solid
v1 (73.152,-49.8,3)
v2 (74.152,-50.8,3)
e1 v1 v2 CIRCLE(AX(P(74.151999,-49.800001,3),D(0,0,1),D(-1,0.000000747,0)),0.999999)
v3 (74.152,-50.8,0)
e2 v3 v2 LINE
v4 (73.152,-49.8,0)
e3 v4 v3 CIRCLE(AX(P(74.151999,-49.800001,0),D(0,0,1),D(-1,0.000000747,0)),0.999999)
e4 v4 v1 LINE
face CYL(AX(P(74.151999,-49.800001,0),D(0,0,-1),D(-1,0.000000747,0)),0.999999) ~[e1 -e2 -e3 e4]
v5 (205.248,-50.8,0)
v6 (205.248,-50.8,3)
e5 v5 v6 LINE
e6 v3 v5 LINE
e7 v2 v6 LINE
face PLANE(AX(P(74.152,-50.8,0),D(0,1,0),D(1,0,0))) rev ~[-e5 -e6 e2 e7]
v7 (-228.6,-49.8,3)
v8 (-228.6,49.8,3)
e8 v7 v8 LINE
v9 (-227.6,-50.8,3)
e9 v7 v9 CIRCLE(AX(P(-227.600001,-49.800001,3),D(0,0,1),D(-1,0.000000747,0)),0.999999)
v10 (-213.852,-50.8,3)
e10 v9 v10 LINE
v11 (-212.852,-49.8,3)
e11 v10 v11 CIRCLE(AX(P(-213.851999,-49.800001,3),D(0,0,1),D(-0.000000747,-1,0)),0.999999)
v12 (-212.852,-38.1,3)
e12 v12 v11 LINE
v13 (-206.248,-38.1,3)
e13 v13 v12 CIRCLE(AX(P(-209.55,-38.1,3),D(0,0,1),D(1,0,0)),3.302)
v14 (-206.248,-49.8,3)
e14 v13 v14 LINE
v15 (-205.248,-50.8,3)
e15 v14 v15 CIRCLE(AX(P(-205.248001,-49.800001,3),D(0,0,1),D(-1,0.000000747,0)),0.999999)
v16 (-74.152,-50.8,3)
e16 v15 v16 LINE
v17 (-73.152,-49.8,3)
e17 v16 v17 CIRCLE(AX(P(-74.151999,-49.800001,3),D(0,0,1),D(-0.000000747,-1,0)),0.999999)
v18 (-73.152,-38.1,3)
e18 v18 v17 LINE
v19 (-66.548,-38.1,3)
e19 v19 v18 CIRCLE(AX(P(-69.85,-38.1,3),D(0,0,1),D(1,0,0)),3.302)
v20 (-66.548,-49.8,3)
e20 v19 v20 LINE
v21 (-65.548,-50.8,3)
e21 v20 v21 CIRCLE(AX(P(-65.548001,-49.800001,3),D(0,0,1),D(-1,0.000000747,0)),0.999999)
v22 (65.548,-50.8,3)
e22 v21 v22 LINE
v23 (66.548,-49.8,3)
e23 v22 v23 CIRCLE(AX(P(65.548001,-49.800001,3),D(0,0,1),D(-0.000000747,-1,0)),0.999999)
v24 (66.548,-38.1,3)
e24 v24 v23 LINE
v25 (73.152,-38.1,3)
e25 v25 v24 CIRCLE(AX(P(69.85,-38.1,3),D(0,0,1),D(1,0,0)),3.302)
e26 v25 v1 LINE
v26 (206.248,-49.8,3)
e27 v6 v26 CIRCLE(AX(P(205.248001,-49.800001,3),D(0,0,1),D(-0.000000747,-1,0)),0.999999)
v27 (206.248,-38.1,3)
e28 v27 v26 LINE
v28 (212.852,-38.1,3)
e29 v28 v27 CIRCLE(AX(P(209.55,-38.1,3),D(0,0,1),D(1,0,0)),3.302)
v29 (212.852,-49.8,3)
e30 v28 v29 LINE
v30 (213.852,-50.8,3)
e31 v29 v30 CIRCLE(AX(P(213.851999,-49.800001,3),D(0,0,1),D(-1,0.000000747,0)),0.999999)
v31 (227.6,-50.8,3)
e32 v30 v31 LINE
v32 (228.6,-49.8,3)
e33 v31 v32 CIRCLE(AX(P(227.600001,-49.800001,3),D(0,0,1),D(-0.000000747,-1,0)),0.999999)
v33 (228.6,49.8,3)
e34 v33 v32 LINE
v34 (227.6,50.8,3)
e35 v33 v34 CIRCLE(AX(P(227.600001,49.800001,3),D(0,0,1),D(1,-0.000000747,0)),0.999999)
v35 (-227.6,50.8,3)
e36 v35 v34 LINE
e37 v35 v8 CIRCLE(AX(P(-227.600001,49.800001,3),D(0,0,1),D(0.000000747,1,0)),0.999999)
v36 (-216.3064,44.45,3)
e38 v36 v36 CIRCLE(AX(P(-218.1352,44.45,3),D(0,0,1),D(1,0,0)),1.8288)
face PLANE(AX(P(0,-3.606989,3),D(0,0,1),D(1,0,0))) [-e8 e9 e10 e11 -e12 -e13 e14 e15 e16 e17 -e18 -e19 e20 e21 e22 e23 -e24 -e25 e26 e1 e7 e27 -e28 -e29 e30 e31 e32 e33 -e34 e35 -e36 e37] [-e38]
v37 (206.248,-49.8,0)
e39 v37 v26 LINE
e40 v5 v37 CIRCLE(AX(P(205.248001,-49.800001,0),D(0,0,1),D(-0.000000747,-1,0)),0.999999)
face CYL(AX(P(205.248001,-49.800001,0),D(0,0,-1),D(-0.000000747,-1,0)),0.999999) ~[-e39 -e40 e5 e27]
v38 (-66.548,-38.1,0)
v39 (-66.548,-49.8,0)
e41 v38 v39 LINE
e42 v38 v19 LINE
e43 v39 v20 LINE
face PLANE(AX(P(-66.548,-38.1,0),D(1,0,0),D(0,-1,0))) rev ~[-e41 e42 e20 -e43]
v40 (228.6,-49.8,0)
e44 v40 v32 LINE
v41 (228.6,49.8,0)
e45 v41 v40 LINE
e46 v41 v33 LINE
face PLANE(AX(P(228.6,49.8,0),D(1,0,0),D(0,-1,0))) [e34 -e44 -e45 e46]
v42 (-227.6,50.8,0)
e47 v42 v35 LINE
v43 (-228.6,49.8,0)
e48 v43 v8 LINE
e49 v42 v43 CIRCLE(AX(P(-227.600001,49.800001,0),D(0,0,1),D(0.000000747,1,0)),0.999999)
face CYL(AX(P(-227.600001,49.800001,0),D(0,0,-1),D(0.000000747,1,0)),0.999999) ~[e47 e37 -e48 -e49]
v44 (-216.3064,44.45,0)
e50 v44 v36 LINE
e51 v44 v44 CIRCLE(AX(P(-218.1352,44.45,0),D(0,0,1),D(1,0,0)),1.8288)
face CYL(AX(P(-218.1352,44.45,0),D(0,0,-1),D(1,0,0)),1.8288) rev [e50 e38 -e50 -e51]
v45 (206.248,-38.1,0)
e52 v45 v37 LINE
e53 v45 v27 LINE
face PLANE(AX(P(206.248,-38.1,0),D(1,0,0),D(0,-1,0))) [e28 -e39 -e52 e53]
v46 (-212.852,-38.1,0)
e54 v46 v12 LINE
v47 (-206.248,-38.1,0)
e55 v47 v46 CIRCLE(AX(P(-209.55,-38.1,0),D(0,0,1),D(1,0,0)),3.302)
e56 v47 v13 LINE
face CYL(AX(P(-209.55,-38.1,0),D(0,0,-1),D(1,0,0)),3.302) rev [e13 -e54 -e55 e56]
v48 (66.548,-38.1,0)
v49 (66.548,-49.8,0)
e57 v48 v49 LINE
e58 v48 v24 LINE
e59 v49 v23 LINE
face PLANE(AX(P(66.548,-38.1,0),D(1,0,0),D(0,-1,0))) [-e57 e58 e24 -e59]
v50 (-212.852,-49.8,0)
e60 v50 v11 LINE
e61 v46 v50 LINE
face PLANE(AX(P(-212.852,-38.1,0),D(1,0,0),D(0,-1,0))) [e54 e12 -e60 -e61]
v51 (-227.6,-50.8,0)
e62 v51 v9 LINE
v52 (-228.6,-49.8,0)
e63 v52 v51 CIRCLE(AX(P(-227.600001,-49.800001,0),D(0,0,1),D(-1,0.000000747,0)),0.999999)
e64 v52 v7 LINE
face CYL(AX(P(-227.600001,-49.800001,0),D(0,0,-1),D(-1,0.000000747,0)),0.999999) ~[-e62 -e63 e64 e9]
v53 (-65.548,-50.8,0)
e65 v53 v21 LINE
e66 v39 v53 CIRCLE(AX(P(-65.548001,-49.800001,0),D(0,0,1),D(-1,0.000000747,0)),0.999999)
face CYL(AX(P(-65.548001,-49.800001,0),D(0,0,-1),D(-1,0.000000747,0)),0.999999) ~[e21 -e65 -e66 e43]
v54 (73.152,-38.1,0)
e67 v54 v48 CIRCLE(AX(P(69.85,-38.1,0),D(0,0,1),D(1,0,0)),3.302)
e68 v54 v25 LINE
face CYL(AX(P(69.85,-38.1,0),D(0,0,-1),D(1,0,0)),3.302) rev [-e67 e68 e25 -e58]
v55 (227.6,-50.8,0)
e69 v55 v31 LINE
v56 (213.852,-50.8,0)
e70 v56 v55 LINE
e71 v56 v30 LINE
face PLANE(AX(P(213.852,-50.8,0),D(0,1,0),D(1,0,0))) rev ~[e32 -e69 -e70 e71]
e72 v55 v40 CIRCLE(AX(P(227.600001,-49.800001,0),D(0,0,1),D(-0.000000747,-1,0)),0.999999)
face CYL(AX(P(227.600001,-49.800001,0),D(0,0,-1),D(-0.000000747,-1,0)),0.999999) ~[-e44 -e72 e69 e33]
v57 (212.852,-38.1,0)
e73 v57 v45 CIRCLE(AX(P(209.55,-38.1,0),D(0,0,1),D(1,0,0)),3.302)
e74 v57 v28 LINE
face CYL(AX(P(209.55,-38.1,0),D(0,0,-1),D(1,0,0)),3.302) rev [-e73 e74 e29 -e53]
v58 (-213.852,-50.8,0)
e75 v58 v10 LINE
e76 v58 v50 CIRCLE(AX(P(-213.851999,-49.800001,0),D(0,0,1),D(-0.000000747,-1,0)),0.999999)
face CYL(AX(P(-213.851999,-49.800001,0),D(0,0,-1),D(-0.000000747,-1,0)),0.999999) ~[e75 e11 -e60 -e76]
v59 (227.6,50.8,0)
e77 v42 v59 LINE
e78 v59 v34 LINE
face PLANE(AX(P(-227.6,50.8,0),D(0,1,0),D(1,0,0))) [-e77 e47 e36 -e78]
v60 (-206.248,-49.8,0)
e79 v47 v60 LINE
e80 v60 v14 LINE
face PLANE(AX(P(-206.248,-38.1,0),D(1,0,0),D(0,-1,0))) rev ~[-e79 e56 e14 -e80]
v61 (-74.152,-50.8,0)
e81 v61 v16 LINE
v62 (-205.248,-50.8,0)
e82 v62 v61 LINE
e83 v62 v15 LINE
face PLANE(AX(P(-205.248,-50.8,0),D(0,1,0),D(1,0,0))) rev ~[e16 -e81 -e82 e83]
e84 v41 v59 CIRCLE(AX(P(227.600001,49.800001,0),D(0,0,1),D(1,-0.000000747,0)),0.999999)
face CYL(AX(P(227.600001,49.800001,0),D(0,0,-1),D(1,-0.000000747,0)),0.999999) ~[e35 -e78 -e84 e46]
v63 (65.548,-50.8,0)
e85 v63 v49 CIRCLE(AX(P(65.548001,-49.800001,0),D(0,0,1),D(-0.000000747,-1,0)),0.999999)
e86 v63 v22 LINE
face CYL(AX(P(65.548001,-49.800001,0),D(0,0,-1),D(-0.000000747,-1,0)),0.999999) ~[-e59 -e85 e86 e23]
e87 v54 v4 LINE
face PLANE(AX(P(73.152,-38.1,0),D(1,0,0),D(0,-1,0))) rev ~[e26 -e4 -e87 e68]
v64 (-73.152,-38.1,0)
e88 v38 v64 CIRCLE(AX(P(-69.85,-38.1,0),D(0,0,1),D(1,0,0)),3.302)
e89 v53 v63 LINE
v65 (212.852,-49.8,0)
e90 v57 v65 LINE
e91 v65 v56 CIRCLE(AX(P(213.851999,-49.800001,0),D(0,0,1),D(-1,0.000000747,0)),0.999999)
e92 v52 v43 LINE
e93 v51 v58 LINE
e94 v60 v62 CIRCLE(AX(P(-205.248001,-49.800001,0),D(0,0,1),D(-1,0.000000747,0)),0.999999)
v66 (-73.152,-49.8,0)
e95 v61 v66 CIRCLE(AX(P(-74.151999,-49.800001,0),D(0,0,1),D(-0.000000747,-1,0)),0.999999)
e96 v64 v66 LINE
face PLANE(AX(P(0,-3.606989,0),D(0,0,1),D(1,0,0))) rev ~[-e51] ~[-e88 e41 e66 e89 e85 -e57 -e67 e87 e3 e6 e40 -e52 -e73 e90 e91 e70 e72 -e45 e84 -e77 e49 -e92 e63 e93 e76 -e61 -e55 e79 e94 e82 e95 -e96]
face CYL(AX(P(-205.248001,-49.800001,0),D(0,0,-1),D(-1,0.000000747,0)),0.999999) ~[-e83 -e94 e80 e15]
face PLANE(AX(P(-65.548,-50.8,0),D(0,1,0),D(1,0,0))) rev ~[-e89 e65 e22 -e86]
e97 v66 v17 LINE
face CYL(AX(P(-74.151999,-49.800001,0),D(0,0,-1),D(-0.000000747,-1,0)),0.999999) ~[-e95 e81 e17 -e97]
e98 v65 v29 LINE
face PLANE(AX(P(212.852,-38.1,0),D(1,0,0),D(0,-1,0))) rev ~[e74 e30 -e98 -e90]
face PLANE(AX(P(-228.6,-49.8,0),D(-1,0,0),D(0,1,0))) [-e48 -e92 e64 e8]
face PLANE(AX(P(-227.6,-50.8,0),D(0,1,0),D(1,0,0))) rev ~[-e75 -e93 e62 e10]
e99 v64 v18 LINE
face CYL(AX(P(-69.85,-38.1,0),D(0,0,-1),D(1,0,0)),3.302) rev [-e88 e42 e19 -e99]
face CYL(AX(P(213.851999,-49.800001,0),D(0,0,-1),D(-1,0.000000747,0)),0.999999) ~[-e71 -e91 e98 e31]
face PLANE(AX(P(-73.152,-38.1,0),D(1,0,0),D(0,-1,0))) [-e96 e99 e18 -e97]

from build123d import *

# Parameters (mm, degrees)
SKETCH_R  = 1.8288
PAD_DEPTH = 3


with BuildPart() as part:
    # Sketch → Pad (new body)
    with BuildSketch(Plane.XY):
        with BuildLine():
            ThreePointArc((-227.6, 50.8), (-228.307107, 50.507107), (-228.6, 49.8))
            Line((-228.6, -49.8), (-228.6, 49.8))
            ThreePointArc((-228.6, -49.8), (-228.307107, -50.507107), (-227.6, -50.8))
            Line((-227.6, -50.8), (-213.852, -50.8))
            ThreePointArc((-213.852, -50.8), (-213.144893, -50.507107), (-212.852, -49.8))
            Line((-212.852, -38.1), (-212.852, -49.8))
            ThreePointArc((-206.248, -38.1), (-209.55, -34.798), (-212.852, -38.1))
            Line((-206.248, -38.1), (-206.248, -49.8))
            ThreePointArc((-206.248, -49.8), (-205.955107, -50.507107), (-205.248, -50.8))
            Line((-205.248, -50.8), (-74.152, -50.8))
            ThreePointArc((-74.152, -50.8), (-73.444893, -50.507107), (-73.152, -49.8))
            Line((-73.152, -38.1), (-73.152, -49.8))
            ThreePointArc((-66.548, -38.1), (-69.85, -34.798), (-73.152, -38.1))
            Line((-66.548, -38.1), (-66.548, -49.8))
            ThreePointArc((-66.548, -49.8), (-66.255107, -50.507107), (-65.548, -50.8))
            Line((-65.548, -50.8), (65.548, -50.8))
            ThreePointArc((65.548, -50.8), (66.255107, -50.507107), (66.548, -49.8))
            Line((66.548, -38.1), (66.548, -49.8))
            ThreePointArc((73.152, -38.1), (69.85, -34.798), (66.548, -38.1))
            Line((73.152, -38.1), (73.152, -49.8))
            ThreePointArc((73.152, -49.8), (73.444893, -50.507107), (74.152, -50.8))
            Line((74.152, -50.8), (205.248, -50.8))
            ThreePointArc((205.248, -50.8), (205.955107, -50.507107), (206.248, -49.8))
            Line((206.248, -38.1), (206.248, -49.8))
            ThreePointArc((212.852, -38.1), (209.55, -34.798), (206.248, -38.1))
            Line((212.852, -38.1), (212.852, -49.8))
            ThreePointArc((212.852, -49.8), (213.144893, -50.507107), (213.852, -50.8))
            Line((213.852, -50.8), (227.6, -50.8))
            ThreePointArc((227.6, -50.8), (228.307107, -50.507107), (228.6, -49.8))
            Line((228.6, 49.8), (228.6, -49.8))
            ThreePointArc((228.6, 49.8), (228.307107, 50.507107), (227.6, 50.8))
            Line((-227.6, 50.8), (227.6, 50.8))
        make_face()
        with Locations((-218.1352, 44.45)):
            Circle(SKETCH_R, mode=Mode.SUBTRACT)
    extrude(amount=PAD_DEPTH)


solid = part.part
